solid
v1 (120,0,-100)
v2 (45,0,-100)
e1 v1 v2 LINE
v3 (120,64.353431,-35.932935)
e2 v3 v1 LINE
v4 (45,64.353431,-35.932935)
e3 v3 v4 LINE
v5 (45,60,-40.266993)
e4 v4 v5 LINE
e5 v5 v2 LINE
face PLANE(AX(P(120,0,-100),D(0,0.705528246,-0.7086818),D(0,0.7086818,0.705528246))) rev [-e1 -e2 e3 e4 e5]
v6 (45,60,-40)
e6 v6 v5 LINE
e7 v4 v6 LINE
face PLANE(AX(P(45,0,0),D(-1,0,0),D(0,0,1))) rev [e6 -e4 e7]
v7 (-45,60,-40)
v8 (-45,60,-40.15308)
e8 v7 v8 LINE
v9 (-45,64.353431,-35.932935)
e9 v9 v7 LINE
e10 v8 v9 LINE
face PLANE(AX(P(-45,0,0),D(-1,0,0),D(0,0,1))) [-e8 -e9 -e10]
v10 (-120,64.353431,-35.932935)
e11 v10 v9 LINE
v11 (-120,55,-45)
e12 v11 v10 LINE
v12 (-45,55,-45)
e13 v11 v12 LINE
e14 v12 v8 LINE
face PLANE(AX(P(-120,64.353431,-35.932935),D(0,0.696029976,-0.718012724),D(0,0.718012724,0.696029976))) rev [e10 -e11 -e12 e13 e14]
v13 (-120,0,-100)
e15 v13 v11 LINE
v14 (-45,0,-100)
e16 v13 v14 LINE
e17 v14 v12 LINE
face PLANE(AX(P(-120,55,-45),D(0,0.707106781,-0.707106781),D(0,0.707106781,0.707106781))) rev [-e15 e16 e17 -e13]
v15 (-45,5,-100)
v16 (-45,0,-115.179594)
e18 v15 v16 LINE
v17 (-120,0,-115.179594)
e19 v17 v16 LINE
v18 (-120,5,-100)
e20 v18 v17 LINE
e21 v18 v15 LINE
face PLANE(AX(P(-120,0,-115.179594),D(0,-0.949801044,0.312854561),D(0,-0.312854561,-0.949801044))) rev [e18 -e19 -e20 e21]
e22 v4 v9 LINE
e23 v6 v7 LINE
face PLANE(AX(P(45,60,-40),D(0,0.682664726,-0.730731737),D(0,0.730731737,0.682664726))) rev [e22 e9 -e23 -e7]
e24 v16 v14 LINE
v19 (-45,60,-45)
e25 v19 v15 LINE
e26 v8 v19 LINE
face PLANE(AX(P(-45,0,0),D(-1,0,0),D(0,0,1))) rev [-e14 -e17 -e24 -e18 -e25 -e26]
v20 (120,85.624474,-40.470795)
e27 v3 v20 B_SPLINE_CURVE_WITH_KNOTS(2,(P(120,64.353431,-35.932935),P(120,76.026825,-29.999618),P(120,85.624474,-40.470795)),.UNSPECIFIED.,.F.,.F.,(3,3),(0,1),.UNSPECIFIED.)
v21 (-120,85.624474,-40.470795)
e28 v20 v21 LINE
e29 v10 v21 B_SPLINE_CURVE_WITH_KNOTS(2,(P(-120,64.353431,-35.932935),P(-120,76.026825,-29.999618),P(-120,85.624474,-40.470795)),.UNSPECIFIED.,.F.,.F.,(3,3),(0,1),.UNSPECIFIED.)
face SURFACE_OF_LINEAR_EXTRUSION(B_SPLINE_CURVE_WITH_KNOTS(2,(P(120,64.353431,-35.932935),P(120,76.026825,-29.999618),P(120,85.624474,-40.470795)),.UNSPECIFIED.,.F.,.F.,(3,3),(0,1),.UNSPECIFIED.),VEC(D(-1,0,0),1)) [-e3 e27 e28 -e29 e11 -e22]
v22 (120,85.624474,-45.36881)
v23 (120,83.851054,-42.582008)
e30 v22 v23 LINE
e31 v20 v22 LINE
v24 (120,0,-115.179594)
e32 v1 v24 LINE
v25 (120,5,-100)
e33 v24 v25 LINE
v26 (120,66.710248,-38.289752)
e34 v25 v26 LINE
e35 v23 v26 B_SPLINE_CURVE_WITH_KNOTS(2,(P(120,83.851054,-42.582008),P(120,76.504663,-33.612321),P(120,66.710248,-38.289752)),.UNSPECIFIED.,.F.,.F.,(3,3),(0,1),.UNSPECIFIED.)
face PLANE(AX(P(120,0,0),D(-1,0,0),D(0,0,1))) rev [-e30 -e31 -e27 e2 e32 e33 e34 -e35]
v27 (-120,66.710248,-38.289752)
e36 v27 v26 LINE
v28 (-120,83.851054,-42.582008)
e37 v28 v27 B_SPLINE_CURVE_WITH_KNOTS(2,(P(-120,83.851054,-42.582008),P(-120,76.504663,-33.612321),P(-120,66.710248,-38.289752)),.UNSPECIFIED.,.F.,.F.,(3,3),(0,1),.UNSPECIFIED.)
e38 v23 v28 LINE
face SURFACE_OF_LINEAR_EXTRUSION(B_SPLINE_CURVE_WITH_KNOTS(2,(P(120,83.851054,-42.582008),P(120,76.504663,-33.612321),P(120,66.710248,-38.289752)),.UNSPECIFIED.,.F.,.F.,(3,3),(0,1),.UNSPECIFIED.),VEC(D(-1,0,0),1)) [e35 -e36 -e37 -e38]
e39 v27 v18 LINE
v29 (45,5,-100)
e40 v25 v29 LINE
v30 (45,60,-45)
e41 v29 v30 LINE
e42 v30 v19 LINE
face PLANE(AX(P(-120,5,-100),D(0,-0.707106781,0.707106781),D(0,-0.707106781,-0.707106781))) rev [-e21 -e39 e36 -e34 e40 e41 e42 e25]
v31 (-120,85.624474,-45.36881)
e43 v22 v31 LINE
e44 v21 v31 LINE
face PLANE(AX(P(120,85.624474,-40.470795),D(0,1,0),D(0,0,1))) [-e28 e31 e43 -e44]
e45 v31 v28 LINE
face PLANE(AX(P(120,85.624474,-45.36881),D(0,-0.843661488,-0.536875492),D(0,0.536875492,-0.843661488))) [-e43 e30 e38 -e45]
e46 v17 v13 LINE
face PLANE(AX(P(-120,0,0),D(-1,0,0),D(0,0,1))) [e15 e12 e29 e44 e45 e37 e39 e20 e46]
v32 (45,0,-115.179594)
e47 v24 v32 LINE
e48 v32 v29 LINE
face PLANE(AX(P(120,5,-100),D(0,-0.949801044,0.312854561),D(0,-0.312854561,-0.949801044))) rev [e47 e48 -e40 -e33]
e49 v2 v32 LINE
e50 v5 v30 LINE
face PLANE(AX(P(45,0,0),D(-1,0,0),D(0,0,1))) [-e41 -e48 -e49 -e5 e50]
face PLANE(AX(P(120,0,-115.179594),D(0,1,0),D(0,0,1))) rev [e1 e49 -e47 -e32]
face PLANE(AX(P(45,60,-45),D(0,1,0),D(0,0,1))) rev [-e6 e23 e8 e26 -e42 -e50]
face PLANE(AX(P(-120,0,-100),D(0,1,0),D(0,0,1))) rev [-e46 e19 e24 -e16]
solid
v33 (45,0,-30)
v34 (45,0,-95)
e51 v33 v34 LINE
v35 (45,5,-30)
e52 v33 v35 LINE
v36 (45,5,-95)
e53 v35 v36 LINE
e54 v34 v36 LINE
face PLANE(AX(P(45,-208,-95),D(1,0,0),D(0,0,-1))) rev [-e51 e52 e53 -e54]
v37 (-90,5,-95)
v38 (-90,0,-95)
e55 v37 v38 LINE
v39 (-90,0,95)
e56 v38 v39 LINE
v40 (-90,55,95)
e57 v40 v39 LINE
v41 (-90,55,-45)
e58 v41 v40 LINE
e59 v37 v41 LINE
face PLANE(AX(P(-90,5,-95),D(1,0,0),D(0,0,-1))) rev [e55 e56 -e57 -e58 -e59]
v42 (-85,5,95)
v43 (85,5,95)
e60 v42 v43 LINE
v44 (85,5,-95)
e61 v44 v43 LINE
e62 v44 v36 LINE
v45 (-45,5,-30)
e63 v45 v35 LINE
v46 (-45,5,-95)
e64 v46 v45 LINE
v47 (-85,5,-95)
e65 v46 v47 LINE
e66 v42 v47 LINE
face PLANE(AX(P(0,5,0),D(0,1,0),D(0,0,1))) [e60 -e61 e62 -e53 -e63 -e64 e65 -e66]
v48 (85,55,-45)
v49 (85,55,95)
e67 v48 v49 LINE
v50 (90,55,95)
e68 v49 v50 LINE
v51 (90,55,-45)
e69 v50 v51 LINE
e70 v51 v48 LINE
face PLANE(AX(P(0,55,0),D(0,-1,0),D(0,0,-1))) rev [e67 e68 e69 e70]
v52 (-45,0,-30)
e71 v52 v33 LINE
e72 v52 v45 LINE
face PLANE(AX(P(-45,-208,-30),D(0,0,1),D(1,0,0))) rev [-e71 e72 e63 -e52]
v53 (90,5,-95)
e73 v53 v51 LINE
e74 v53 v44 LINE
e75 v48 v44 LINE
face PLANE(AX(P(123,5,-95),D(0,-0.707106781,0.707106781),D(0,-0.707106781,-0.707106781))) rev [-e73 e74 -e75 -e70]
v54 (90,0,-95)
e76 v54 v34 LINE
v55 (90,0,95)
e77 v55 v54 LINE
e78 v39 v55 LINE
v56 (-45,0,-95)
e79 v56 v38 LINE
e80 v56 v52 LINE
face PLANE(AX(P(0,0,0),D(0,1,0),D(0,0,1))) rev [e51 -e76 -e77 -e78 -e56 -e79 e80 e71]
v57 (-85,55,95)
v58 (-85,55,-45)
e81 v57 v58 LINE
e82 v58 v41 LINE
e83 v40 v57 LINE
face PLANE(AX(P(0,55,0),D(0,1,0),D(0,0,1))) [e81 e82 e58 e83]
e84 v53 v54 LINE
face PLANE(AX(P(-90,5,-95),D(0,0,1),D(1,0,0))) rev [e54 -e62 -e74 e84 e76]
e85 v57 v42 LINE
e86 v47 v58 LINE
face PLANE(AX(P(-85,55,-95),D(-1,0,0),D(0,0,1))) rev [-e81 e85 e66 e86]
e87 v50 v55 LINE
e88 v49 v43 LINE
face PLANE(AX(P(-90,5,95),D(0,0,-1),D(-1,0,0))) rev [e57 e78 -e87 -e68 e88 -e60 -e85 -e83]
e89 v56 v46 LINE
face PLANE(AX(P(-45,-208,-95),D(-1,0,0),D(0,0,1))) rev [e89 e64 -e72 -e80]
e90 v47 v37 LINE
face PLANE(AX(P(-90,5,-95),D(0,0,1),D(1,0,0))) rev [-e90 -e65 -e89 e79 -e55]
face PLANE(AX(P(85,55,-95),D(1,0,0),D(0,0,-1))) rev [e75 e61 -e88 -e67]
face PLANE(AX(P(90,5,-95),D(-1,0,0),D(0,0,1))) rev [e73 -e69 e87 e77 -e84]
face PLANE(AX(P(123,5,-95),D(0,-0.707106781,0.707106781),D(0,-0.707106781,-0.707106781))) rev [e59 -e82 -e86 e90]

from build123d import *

# Parameters (mm, degrees)
SKETCH2_W                = 180
SKETCH2_H                = 190
BOSS_EXTRUDE3_DEPTH      = 5
SKETCH4_W                = 5
SKETCH4_H                = 190
BOSS_EXTRUDE4_DEPTH      = 50
CUT_EXTRUDE1_DEPTH       = 213
BOSS_EXTRUDE8_DEPTH      = 30
BOSS_EXTRUDE8_DEPTH_BACK = 45
SKETCH8_W                = 90
SKETCH8_H                = 65
CUT_EXTRUDE2_DEPTH       = 213
BOSS_EXTRUDE9_DEPTH      = 90
BOSS_EXTRUDE10_DEPTH     = 75
BOSS_EXTRUDE11_DEPTH     = 240


with BuildPart() as part:
    # Sketch2 → Boss-Extrude3 (new body)
    with BuildSketch(Plane(origin=(0, 0, 0), x_dir=(1, 0, 0), z_dir=(0, 1, 0))):
        Rectangle(SKETCH2_W, SKETCH2_H)
    extrude(amount=BOSS_EXTRUDE3_DEPTH)

    # Sketch4 → Boss-Extrude4 (add)
    with BuildSketch(Plane(origin=(0, 5, 0), x_dir=(1, 0, 0), z_dir=(0, 1, 0))):
        with Locations((-87.5, 0)):
            Rectangle(SKETCH4_W, SKETCH4_H)
        with Locations((87.5, 0)):
            Rectangle(SKETCH4_W, SKETCH4_H)
    extrude(amount=BOSS_EXTRUDE4_DEPTH)

    # Sketch5 → Cut-Extrude1 (cut)
    with BuildSketch(Plane.ZY.offset(90)):
        Polygon((-95, 5), (-45, 55), (-95, 55), align=None)
    extrude(amount=-CUT_EXTRUDE1_DEPTH, mode=Mode.SUBTRACT)

    # Sketch8 → Cut-Extrude2 (cut)
    with BuildSketch(Plane(origin=(0, 5, 0), x_dir=(1, 0, 0), z_dir=(0, 1, 0))):
        with Locations((0, 62.5)):
            Rectangle(SKETCH8_W, SKETCH8_H)
    extrude(amount=-CUT_EXTRUDE2_DEPTH, mode=Mode.SUBTRACT)


with BuildPart() as body_2:
    # Sketch6 → Boss-Extrude8 (new body, two sides)
    with BuildSketch(Plane.ZY.offset(90)) as boss_extrude8_sk:
        Polygon((-45, 55), (-100, 0), (-115.179593987, 0), (-100, 5), (-38.289752249, 66.710247751), (-35.932935024, 64.353430526), align=None)
    extrude(amount=BOSS_EXTRUDE8_DEPTH)
    extrude(boss_extrude8_sk.sketch, amount=-BOSS_EXTRUDE8_DEPTH_BACK)

    # Sketch9 → Boss-Extrude9 (add)
    with BuildSketch(Plane(origin=(-45, 0, 0), x_dir=(0, 0, -1), z_dir=(1, 0, 0))):
        Polygon((38.289752249, 66.710247751), (45, 60), (40, 60), (35.932935024, 64.353430526), align=None)
    extrude(amount=BOSS_EXTRUDE9_DEPTH)

    # Sketch10 → Boss-Extrude10 (add)
    with BuildSketch(Plane(origin=(45, 0, 0), x_dir=(0, 0, -1), z_dir=(1, 0, 0))):
        Polygon((38.289752249, 66.710247751), (100, 5), (115.179593987, 0), (100, 0), (35.932935024, 64.353430526), align=None)
    extrude(amount=BOSS_EXTRUDE10_DEPTH)

    # Sketch11 → Boss-Extrude11 (add)
    with BuildSketch(Plane.ZY.offset(120)):
        with BuildLine():
            Line((-40.470794509, 85.624473581), (-45.36880954, 85.624473581))
            Line((-45.36880954, 85.624473581), (-42.582007885, 83.851054345))
            add(Edge.make_bspline(
                [(-38.289752249, 66.710247751), (-33.612321087, 76.504663432), (-42.582007885, 83.851054345)],
                knots=[0, 0, 0, 1, 1, 1], degree=2))
            Line((-38.289752249, 66.710247751), (-35.932935024, 64.353430526))
            add(Edge.make_bspline(
                [(-35.932935024, 64.353430526), (-29.999618337, 76.026824974), (-40.470794509, 85.624473581)],
                knots=[0, 0, 0, 1, 1, 1], degree=2))
        make_face()
    extrude(amount=-BOSS_EXTRUDE11_DEPTH)


solid = Compound([part.part, body_2.part])
